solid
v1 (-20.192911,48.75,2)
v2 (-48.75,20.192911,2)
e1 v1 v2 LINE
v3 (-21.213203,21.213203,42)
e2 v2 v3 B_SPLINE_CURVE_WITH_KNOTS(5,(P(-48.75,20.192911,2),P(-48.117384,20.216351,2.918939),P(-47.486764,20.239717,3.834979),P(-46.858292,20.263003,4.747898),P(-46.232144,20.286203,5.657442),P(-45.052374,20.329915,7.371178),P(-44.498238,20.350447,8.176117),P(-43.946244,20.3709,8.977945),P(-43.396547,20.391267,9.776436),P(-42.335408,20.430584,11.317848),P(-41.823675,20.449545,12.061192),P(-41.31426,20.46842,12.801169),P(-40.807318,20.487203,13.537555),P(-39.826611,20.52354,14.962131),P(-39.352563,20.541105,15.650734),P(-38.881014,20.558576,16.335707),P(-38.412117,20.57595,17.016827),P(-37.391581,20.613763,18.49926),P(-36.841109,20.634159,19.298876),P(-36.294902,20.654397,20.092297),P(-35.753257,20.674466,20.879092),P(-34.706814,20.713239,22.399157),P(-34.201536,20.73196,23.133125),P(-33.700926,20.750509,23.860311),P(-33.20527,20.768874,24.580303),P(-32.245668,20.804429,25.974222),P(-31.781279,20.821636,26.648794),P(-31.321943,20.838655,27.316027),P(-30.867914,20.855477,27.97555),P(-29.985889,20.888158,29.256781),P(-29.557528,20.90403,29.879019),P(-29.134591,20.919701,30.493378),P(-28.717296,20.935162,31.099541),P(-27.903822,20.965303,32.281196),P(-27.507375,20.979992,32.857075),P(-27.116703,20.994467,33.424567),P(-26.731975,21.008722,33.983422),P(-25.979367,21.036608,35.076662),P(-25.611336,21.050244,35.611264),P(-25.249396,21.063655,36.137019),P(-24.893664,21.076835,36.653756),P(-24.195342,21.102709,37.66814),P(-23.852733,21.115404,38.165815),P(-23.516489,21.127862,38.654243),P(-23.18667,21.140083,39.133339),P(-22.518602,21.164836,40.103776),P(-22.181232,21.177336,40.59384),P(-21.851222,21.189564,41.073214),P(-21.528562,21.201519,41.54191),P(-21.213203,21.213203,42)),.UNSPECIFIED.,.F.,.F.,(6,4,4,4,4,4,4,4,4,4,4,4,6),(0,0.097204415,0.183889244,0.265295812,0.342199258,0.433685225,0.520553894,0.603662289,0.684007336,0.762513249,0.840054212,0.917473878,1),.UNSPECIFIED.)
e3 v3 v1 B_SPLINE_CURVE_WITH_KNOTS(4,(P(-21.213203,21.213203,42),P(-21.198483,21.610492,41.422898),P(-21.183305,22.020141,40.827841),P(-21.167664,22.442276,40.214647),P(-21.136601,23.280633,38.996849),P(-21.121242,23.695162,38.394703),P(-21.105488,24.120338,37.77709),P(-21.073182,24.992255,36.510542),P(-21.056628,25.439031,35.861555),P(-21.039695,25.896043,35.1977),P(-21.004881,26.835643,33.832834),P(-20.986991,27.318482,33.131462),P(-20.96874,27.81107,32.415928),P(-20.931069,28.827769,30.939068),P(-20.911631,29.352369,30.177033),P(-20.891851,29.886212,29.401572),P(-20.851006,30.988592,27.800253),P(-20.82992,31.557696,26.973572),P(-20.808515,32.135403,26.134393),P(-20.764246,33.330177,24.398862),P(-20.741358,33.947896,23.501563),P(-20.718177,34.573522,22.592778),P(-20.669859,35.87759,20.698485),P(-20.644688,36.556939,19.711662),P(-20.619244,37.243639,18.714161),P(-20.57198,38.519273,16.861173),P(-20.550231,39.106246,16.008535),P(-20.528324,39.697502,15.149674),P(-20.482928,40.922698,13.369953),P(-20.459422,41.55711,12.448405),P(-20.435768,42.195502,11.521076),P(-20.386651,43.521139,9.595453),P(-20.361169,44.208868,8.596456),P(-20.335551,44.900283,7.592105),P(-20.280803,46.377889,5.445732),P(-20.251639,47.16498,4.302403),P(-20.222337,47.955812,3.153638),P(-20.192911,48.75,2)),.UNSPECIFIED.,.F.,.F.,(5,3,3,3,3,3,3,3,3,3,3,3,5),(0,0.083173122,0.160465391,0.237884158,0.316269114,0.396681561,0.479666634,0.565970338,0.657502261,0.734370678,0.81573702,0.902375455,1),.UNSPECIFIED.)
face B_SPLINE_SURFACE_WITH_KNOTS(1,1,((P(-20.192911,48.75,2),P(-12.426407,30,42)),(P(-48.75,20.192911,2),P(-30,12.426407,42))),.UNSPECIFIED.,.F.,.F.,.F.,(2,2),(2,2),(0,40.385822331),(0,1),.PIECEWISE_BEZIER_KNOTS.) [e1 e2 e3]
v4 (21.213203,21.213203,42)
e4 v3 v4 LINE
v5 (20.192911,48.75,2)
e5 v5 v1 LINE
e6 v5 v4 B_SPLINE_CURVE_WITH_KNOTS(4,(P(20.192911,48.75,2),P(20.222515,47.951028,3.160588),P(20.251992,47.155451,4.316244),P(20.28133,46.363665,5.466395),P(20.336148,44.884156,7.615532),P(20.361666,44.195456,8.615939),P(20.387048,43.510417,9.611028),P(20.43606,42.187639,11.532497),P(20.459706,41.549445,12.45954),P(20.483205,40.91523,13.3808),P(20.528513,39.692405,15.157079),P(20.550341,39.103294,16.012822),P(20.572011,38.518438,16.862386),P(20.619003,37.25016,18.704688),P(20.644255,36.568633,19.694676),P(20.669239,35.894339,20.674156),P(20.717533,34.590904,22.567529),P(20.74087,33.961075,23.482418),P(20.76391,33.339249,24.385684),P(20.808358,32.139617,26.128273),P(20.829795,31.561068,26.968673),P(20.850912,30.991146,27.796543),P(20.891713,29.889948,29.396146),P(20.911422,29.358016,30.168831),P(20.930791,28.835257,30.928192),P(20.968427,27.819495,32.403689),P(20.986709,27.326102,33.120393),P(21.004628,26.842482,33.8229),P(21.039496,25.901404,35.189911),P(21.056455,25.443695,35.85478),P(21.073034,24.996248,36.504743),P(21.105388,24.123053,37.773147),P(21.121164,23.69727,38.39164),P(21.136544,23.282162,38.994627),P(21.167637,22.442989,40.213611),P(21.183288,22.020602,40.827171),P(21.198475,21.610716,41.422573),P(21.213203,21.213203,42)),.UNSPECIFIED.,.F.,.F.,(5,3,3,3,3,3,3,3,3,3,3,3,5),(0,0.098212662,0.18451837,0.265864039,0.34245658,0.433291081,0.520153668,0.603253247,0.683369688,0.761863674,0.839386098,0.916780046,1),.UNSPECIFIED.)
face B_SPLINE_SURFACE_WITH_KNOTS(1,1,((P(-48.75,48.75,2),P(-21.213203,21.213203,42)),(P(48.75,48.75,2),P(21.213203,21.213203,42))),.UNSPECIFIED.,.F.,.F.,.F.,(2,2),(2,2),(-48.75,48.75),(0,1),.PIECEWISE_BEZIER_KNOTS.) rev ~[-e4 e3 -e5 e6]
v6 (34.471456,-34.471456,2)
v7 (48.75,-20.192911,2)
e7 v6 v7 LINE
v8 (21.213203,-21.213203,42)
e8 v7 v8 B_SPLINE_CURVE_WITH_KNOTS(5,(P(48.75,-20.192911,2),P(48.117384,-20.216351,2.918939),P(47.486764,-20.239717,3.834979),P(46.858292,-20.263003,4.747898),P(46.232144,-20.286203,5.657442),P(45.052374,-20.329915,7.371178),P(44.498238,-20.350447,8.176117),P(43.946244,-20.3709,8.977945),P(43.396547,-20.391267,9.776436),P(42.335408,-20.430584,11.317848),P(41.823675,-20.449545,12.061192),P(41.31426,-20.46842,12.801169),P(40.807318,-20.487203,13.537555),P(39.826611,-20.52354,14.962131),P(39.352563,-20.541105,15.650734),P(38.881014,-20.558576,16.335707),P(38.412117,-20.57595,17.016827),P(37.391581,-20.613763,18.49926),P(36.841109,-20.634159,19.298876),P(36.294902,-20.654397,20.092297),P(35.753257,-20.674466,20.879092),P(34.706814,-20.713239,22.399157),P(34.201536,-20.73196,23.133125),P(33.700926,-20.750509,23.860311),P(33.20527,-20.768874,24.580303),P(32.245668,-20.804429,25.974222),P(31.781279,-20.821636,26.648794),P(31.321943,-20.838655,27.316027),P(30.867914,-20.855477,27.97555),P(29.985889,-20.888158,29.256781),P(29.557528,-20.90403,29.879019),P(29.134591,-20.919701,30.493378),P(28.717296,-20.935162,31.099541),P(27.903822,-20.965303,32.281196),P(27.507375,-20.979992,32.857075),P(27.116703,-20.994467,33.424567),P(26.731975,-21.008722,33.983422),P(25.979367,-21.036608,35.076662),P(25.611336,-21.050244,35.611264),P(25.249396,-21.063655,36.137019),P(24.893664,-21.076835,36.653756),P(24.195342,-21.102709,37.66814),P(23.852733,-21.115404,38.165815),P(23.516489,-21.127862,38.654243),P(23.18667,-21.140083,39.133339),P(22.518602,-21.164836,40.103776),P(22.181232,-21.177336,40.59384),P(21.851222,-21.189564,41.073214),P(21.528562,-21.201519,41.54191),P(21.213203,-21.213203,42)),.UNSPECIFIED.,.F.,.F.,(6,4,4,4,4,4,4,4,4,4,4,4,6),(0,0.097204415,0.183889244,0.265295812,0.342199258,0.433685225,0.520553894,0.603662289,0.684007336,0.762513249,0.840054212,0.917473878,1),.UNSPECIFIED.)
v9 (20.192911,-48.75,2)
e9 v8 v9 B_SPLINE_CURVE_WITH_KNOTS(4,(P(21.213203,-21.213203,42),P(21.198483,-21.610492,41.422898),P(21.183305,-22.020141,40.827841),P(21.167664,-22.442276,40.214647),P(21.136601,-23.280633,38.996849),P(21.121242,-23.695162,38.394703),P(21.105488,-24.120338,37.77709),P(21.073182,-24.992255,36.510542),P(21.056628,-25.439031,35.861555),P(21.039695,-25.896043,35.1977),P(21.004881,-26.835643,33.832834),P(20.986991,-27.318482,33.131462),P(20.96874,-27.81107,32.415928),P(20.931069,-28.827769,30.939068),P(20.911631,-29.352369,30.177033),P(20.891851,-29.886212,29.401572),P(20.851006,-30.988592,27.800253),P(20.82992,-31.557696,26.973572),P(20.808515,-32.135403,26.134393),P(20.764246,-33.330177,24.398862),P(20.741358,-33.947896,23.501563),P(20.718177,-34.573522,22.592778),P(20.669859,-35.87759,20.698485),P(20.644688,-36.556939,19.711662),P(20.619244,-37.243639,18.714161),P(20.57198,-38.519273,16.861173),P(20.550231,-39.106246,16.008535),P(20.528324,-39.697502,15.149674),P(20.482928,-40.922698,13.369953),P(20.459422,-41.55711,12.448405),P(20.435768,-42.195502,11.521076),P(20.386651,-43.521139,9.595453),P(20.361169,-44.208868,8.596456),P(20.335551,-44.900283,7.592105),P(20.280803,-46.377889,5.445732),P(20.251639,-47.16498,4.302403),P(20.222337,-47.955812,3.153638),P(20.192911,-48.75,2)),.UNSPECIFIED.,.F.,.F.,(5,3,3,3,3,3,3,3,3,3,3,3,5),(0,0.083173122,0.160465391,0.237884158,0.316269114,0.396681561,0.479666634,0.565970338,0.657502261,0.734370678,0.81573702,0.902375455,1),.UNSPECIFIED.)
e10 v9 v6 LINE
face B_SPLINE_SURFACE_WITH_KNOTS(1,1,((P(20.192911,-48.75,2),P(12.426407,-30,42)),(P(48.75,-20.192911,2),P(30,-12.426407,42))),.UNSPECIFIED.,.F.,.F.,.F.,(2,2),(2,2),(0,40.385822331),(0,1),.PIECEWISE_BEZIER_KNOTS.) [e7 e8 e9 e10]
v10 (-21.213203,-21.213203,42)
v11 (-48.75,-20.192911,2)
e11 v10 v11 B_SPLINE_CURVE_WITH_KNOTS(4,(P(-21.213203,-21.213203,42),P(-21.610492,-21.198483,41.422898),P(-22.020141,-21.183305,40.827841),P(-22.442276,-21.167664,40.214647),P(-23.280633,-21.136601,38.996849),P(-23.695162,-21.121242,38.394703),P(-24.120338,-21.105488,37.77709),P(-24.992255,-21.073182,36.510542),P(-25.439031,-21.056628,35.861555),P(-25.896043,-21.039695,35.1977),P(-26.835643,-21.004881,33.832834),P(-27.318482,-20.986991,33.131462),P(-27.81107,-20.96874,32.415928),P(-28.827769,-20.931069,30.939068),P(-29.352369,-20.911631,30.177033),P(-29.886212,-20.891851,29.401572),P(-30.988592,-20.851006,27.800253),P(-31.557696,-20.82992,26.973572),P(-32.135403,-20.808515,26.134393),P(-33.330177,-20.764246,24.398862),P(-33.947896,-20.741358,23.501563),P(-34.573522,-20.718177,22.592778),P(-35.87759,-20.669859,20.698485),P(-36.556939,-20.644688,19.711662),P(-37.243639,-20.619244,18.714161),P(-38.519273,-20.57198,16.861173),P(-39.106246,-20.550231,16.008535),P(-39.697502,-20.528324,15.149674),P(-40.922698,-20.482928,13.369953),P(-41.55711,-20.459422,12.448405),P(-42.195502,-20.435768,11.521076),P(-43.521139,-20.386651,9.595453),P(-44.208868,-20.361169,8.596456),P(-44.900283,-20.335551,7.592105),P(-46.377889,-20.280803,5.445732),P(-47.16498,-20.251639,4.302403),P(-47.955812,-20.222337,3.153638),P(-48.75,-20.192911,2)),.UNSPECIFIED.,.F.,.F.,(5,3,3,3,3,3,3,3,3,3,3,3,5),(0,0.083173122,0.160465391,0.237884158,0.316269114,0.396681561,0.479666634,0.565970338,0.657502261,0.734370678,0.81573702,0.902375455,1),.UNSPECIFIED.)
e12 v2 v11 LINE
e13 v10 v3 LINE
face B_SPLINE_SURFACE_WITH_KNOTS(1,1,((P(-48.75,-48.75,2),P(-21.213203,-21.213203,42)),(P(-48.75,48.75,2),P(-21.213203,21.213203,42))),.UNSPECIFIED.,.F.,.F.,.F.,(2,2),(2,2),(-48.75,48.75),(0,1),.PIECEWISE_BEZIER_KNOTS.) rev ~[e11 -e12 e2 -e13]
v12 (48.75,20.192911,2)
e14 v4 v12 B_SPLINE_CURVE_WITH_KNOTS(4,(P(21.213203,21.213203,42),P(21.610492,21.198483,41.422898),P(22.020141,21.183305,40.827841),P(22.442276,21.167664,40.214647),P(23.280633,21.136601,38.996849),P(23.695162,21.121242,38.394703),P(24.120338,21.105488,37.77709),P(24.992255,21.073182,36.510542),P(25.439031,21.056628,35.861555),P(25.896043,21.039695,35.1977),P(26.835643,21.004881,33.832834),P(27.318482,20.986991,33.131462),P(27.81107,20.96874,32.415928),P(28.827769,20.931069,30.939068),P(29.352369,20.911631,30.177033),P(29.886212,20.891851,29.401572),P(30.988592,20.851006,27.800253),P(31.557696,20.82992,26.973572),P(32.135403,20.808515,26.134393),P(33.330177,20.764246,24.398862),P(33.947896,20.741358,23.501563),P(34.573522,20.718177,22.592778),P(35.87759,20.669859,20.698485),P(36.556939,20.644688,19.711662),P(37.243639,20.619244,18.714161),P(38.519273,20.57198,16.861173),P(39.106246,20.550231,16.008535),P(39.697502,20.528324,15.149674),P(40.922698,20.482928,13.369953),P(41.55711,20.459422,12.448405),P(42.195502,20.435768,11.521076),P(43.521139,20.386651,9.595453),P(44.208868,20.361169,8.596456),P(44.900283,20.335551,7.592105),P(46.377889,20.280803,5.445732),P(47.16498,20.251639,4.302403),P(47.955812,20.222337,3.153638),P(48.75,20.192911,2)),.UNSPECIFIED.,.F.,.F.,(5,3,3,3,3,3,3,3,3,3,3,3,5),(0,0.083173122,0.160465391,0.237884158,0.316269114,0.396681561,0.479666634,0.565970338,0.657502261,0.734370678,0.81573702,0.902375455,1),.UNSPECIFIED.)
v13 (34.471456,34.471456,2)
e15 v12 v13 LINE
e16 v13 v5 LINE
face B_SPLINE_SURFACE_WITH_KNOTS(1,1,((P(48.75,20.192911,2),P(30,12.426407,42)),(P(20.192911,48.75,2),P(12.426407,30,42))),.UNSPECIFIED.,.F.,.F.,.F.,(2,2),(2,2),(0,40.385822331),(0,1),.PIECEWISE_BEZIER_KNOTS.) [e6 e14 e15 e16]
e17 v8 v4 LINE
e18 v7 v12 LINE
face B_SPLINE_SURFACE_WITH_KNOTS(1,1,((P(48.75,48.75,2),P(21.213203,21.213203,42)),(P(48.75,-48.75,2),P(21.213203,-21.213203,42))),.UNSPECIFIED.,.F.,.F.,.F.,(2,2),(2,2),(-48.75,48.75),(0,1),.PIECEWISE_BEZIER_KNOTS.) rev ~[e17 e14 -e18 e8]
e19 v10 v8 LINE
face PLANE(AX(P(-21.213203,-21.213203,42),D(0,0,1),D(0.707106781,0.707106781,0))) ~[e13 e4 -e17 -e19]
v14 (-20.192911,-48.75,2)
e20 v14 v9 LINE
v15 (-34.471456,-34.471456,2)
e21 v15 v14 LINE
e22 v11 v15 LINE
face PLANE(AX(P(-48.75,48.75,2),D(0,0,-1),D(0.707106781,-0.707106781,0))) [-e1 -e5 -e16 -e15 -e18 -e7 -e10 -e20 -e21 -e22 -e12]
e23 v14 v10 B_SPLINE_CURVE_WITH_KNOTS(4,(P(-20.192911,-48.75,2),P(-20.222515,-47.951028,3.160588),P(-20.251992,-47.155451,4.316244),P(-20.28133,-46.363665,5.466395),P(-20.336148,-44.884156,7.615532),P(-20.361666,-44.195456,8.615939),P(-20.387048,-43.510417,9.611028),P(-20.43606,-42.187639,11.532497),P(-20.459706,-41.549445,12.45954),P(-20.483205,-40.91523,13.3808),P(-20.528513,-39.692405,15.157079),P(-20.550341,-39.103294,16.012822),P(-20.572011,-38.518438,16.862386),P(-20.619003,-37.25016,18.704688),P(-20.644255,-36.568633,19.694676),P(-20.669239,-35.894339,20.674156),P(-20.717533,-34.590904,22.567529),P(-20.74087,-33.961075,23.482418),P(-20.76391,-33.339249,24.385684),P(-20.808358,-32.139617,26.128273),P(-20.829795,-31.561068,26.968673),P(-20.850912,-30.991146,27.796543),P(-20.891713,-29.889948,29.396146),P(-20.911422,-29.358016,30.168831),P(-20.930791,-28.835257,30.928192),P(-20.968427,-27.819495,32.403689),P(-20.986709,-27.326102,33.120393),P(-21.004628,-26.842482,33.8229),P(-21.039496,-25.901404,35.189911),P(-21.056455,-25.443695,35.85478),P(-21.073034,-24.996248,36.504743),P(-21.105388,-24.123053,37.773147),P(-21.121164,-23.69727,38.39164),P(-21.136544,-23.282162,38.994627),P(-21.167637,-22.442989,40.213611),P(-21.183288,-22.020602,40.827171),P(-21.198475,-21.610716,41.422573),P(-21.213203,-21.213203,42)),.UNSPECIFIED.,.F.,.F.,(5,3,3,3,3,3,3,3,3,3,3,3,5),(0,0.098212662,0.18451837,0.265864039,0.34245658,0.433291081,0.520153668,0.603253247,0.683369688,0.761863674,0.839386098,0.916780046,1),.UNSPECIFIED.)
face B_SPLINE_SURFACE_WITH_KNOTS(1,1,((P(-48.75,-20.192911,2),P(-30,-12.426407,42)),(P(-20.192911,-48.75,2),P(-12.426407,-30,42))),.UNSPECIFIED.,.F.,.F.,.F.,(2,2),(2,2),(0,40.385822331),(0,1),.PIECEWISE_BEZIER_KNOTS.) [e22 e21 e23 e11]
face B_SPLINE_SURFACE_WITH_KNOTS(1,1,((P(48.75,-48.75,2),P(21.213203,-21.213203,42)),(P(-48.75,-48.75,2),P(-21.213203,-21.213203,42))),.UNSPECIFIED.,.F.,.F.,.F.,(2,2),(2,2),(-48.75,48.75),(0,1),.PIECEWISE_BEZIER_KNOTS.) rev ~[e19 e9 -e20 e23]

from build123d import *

# Parameters (mm, degrees)
F1_DEPTH = 2
F7_W     = 97.5
F7_H     = 97.5
F8_W     = 42.4264068712
F8_H     = 42.4264068712


with BuildPart() as f1:
    # F0 (on Top) → F1 (new body)
    with BuildSketch(Plane.XY):
        with BuildLine():
            ThreePointArc((34.4714555828, -34.4714555828), (45.0391272099, -18.6558173278), (48.75, 0))
            ThreePointArc((48.75, 0), (45.0391271917, 18.6558173718), (34.4714555154, 34.4714556502))
            ThreePointArc((34.4714555154, 34.4714556502), (18.655817355, 45.0391271987), (1.543e-07, 48.75))
            ThreePointArc((1.543e-07, 48.75), (-18.6558172398, 45.0391272464), (-34.4714555572, 34.4714556085))
            ThreePointArc((-34.4714555572, 34.4714556085), (-45.039127203, 18.6558173446), (-48.75, 0))
            ThreePointArc((-48.75, 0), (-45.0391272099, -18.6558173278), (-34.4714555828, -34.4714555828))
            ThreePointArc((-34.4714555828, -34.4714555828), (-18.6558173238, -45.0391272116), (8.6e-09, -48.75))
            ThreePointArc((8.6e-09, -48.75), (18.6558173318, -45.0391272083), (34.4714555828, -34.4714555828))
        make_face()
        with BuildLine():
            Line((48.75, -20.1929111657), (48.75, 0))
            ThreePointArc((48.75, 0), (45.0391272099, -18.6558173278), (34.4714555828, -34.4714555828))
            Line((34.4714555828, -34.4714555828), (48.75, -20.1929111657))
        make_face()
        with BuildLine():
            ThreePointArc((34.4714555154, 34.4714556502), (45.0391271917, 18.6558173718), (48.75, 0))
            Line((48.75, 0), (48.75, 20.1929111657))
            Line((48.75, 20.1929111657), (34.4714555154, 34.4714556502))
        make_face()
        with BuildLine():
            ThreePointArc((1.543e-07, 48.75), (18.655817355, 45.0391271987), (34.4714555154, 34.4714556502))
            Line((34.4714555154, 34.4714556502), (20.1929111657, 48.75))
            Line((20.1929111657, 48.75), (1.543e-07, 48.75))
        make_face()
        with BuildLine():
            Line((20.1929111657, -48.75), (34.4714555828, -34.4714555828))
            ThreePointArc((34.4714555828, -34.4714555828), (18.6558173318, -45.0391272083), (8.6e-09, -48.75))
            Line((8.6e-09, -48.75), (20.1929111657, -48.75))
        make_face()
        with BuildLine():
            ThreePointArc((-34.4714555572, 34.4714556085), (-18.6558172398, 45.0391272464), (1.543e-07, 48.75))
            Line((1.543e-07, 48.75), (-20.1929111657, 48.75))
            Line((-20.1929111657, 48.75), (-34.4714555572, 34.4714556085))
        make_face()
        with BuildLine():
            Line((-20.1929111657, -48.75), (8.6e-09, -48.75))
            ThreePointArc((8.6e-09, -48.75), (-18.6558173238, -45.0391272116), (-34.4714555828, -34.4714555828))
            Line((-34.4714555828, -34.4714555828), (-20.1929111657, -48.75))
        make_face()
        with BuildLine():
            ThreePointArc((-48.75, 0), (-45.039127203, 18.6558173446), (-34.4714555572, 34.4714556085))
            Line((-34.4714555572, 34.4714556085), (-48.75, 20.1929111657))
            Line((-48.75, 20.1929111657), (-48.75, 0))
        make_face()
        with BuildLine():
            Line((-48.75, -20.1929111657), (-34.4714555828, -34.4714555828))
            ThreePointArc((-34.4714555828, -34.4714555828), (-45.0391272099, -18.6558173278), (-48.75, 0))
            Line((-48.75, 0), (-48.75, -20.1929111657))
        make_face()
    extrude(amount=F1_DEPTH)

    # F4 (on face) → F5 section 0
    with BuildSketch(Plane.XY.offset(2)):
        Polygon((-48.75, 20.1929111657), (-48.75, -20.1929111657), (-20.1929111657, -48.75), (20.1929111657, -48.75), (48.75, -20.1929111657), (48.75, 20.1929111657), (20.1929111657, 48.75), (-20.1929111657, 48.75), align=None)
    # F3 (on offset) → F5 section 1
    with BuildSketch(Plane.XY.offset(42)):
        Polygon((-30, 12.4264068712), (-30, -12.4264068712), (-12.4264068712, -30), (12.4264068712, -30), (30, -12.4264068712), (30, 12.4264068712), (12.4264068712, 30), (-12.4264068712, 30), align=None)
    loft()

    # F7 (on offset) → F9 section 0
    with BuildSketch(Plane(origin=(0, 0, 2), x_dir=(1, 0, 0), z_dir=(0, 0, -1))):
        Rectangle(F7_W, F7_H)
    # F8 (on face) → F9 section 1
    with BuildSketch(Plane.XY.offset(42)):
        Rectangle(F8_W, F8_H)
    loft(mode=Mode.INTERSECT)


solid = f1.part
